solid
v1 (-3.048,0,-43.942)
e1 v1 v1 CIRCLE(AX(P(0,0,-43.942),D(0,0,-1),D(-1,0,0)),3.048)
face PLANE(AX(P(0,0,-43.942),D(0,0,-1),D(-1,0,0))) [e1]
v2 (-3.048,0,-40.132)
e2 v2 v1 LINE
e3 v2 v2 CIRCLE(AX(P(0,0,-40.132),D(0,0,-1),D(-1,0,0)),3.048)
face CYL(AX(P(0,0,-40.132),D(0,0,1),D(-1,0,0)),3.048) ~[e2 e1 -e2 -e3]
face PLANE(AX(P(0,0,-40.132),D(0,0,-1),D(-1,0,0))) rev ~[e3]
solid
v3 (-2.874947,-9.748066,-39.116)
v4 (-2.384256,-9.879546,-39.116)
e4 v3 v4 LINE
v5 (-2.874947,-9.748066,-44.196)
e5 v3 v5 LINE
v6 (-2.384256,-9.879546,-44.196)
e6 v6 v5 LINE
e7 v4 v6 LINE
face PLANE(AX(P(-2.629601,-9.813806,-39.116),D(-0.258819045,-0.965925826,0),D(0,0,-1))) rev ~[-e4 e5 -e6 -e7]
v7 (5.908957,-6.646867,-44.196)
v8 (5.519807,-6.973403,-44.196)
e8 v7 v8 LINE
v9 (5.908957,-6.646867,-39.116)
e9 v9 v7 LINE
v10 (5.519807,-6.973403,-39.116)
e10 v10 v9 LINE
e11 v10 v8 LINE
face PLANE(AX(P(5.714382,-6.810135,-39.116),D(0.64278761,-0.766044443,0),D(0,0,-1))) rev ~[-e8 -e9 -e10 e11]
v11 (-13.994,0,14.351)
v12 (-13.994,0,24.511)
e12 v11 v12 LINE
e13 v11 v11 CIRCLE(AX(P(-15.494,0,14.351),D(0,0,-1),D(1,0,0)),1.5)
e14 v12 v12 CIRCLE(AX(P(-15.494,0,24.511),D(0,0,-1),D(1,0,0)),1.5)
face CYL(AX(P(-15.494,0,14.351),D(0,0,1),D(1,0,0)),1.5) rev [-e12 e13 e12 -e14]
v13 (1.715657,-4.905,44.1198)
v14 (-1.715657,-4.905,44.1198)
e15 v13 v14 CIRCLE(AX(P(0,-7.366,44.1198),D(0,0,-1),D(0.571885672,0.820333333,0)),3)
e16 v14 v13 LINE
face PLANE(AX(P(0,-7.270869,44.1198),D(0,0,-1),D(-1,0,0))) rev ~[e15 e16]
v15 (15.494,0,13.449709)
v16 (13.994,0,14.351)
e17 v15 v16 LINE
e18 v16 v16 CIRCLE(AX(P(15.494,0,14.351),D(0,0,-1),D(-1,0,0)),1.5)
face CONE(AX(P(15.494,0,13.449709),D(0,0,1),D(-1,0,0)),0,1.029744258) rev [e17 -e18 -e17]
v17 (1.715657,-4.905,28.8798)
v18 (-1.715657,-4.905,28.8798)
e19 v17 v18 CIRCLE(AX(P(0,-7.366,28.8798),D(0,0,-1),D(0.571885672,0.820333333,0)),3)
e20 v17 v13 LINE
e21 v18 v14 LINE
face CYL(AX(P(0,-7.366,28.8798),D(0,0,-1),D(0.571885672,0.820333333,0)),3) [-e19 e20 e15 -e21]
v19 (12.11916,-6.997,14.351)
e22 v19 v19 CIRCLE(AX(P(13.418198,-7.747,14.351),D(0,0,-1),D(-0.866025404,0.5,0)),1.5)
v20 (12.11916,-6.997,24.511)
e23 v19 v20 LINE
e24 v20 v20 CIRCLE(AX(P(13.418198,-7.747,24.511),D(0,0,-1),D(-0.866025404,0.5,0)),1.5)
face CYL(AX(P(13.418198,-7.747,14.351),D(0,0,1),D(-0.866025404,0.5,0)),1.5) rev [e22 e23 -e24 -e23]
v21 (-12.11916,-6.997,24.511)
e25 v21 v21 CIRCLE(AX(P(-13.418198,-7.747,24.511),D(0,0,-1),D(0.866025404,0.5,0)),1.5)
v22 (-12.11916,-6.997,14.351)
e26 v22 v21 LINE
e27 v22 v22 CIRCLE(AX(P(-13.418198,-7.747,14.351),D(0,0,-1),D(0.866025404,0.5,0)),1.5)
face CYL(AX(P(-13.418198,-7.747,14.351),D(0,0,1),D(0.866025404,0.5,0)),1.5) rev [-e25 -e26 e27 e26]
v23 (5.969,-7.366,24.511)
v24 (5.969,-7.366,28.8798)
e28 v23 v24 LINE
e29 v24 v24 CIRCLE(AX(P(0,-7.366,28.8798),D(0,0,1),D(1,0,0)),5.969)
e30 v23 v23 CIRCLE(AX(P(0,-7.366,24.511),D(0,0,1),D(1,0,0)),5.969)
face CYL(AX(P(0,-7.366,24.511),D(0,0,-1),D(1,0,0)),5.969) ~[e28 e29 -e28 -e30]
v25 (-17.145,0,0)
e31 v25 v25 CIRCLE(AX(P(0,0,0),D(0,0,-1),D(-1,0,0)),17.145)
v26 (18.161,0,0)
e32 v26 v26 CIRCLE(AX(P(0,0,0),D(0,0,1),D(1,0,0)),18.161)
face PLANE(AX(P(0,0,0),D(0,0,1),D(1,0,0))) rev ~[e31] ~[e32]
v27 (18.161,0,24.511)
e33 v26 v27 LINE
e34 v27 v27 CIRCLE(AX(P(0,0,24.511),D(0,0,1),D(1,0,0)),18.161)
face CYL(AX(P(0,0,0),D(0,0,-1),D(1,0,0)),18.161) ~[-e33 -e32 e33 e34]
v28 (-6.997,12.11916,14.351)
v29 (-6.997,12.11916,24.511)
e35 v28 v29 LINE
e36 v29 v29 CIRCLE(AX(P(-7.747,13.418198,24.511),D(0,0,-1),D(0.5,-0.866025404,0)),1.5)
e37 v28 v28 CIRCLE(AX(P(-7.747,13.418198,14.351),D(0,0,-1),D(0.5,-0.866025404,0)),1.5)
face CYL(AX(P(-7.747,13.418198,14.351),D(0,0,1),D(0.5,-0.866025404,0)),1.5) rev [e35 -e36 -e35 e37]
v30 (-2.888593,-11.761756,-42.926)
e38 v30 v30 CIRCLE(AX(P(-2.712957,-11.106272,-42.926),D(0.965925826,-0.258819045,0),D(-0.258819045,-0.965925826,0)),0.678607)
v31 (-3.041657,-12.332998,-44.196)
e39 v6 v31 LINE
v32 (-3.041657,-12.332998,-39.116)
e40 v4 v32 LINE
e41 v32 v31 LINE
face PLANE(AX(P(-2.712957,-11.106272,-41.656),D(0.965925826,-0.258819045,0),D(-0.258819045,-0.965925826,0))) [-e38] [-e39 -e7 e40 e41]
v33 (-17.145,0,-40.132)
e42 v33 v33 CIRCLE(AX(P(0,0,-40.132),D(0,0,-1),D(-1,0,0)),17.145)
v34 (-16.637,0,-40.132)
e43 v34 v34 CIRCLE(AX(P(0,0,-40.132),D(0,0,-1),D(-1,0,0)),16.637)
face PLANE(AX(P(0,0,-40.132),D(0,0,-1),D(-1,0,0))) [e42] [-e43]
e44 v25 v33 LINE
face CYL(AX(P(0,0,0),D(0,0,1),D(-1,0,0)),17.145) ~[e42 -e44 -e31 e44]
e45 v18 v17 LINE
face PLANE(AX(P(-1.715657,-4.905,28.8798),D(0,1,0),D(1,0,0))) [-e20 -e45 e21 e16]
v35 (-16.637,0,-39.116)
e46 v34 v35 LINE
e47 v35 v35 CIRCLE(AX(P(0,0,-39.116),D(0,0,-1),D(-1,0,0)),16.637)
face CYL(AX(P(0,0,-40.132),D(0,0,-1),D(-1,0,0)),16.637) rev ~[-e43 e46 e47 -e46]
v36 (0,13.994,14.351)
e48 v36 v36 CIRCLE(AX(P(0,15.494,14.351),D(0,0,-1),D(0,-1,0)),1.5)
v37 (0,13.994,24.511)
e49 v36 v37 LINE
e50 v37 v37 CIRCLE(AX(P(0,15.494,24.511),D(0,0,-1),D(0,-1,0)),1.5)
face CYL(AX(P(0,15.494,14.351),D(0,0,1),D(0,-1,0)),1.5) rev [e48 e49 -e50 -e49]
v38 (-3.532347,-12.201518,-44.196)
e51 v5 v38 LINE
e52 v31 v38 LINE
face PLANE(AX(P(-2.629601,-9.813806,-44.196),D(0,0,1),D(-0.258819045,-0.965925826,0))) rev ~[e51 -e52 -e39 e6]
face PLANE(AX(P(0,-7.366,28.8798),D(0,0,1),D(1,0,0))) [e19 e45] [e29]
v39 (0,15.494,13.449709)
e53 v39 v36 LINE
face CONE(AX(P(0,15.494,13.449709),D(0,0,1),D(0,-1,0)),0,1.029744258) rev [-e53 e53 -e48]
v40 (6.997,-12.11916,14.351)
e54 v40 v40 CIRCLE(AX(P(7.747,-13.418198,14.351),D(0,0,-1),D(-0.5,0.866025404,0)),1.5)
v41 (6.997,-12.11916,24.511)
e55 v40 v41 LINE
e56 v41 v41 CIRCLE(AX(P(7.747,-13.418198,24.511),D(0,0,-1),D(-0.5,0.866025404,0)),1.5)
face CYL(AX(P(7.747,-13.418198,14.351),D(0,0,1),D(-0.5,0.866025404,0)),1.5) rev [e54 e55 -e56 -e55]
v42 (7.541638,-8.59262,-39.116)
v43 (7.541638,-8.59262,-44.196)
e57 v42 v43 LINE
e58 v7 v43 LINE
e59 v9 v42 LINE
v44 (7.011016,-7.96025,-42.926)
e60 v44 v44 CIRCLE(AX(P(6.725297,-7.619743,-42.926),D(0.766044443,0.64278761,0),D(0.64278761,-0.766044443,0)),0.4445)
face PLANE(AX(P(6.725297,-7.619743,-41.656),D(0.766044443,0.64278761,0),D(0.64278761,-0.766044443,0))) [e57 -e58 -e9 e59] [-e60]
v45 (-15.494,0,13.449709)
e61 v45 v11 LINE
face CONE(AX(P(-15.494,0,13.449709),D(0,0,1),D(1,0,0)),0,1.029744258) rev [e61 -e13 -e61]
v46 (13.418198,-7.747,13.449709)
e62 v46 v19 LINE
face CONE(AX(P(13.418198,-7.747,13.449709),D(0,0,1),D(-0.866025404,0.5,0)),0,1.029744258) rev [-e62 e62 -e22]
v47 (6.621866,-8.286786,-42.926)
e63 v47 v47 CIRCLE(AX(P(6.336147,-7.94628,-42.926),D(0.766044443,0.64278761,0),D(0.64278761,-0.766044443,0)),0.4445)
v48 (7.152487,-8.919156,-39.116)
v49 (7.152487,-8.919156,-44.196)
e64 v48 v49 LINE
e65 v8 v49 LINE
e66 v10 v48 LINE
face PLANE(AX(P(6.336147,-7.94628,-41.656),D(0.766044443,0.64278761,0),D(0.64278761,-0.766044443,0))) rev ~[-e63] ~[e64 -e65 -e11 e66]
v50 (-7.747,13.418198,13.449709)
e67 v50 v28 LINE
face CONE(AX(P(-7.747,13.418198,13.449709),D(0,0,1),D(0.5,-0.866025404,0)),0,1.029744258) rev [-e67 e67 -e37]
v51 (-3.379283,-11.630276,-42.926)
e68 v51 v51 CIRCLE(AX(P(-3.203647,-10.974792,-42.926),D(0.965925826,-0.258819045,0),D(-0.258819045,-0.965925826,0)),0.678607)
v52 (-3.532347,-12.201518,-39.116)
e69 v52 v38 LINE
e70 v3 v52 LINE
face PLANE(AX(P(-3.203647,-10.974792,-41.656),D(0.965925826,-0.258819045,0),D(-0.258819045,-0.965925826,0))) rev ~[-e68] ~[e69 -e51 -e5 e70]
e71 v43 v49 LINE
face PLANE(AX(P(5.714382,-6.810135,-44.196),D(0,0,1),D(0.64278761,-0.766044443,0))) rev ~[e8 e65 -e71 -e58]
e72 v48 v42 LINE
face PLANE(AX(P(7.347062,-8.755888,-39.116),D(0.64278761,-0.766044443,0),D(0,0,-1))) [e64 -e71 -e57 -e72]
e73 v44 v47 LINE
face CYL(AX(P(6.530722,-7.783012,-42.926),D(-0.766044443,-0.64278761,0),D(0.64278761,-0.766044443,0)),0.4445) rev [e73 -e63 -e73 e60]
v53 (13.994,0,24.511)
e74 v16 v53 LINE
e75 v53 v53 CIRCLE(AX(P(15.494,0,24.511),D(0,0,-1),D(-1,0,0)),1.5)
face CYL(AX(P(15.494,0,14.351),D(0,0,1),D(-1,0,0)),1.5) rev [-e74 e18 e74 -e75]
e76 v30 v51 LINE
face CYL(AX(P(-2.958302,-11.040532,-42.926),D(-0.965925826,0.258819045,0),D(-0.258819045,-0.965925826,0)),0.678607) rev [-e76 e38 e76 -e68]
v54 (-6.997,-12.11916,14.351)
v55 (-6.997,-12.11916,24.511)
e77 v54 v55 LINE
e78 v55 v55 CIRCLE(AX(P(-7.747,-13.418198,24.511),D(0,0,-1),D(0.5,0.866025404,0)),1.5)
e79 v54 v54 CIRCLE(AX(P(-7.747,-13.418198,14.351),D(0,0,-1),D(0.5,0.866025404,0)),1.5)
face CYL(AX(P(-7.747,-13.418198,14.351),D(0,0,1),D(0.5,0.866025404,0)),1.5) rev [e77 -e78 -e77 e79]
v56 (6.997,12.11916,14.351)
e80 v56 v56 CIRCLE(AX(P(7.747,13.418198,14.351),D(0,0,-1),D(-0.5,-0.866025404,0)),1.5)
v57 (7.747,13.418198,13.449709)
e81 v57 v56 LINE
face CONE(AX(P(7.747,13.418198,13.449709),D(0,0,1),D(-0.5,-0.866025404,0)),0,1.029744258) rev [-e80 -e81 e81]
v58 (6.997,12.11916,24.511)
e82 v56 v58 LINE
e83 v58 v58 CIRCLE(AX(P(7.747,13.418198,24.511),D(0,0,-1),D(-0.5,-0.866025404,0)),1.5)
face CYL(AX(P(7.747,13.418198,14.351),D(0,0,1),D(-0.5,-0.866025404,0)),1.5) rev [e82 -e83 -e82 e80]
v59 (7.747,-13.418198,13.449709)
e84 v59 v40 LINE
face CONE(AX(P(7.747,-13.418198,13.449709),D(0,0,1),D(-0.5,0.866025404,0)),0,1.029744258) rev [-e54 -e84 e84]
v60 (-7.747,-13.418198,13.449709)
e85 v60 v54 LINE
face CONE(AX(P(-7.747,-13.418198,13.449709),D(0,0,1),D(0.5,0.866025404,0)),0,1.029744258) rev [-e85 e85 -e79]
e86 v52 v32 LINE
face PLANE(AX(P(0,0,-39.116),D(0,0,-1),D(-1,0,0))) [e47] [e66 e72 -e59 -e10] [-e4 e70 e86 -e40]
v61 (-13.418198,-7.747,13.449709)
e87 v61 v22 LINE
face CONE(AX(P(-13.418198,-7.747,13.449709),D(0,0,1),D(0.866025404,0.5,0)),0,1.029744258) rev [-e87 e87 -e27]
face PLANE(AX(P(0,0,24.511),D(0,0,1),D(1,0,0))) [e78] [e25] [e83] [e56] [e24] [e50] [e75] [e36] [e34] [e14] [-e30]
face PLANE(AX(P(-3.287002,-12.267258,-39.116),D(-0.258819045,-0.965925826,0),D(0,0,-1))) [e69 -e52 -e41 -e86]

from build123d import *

# Parameters (mm, degrees)
SKETCH1_R           = 18.161
BOSS_EXTRUDE1_DEPTH = 24.511
SKETCH5_R           = 5.969
BOSS_EXTRUDE5_DEPTH = 4.3688
BOSS_EXTRUDE6_DEPTH = 15.24
CIRPATTERN2_COUNT   = 12
SKETCH2_R           = 17.145
BOSS_EXTRUDE2_DEPTH = 40.132
SKETCH3_R           = 3.048
BOSS_EXTRUDE3_DEPTH = 3.81
SKETCH13_R          = 16.637
CUT_EXTRUDE1_DEPTH  = 1.016
SKETCH15_W          = 2.54
SKETCH15_H          = 5.08
SKETCH15_R          = 0.4445
BOSS_EXTRUDE7_DEPTH = 0.254
SKETCH16_W          = 2.54
SKETCH16_H          = 5.08
SKETCH16_R          = 0.678606607
BOSS_EXTRUDE8_DEPTH = 0.254


with BuildPart() as part:
    # Sketch1 → Boss-Extrude1 (new body)
    with BuildSketch(Plane.XY):
        Circle(SKETCH1_R)
    extrude(amount=BOSS_EXTRUDE1_DEPTH)

    # Sketch5 → Boss-Extrude5 (add)
    with BuildSketch(Plane.XY.offset(24.511)):
        with Locations((0, -7.366)):
            Circle(SKETCH5_R)
    extrude(amount=BOSS_EXTRUDE5_DEPTH)

    # Sketch6 → Boss-Extrude6 (add)
    with BuildSketch(Plane.XY.offset(28.8798)):
        with BuildLine():
            Line((-1.715657017, -4.905), (1.715657017, -4.905))
            ThreePointArc((1.715657017, -4.905), (0, -10.366), (-1.715657017, -4.905))
        make_face()
    extrude(amount=BOSS_EXTRUDE6_DEPTH)

    # Sketch12 → Ø3.0mm Dowel Hole1 (revolve, cut)
    with BuildSketch(Plane(origin=(0, 15.494, 24.511), x_dir=(0, -1, 0), z_dir=(1, 0, 0))):
        Polygon((0, 0), (0, 11.061290929), (1.5, 10.16), (1.5, 0), align=None)
    f_3_0mm_dowel_hole1 = revolve(axis=Axis((0, 15.494, 30.861), (0, 0, -1)), mode=Mode.SUBTRACT)

    # CirPattern2: Ø3.0mm Dowel Hole1 ×12 about axis, 3 skipped
    cirpattern2_axis = Axis((0, 0, 0), (0, 0, -1))
    add([f_3_0mm_dowel_hole1.rotate(cirpattern2_axis, i * 360 / CIRPATTERN2_COUNT) for i in range(1, CIRPATTERN2_COUNT) if i not in (2, 6, 10)], mode=Mode.SUBTRACT)

    # Sketch2 → Boss-Extrude2 (add)
    with BuildSketch(Plane(origin=(0, 0, 0), x_dir=(-1, 0, 0), z_dir=(0, 0, -1))):
        Circle(SKETCH2_R)
    extrude(amount=BOSS_EXTRUDE2_DEPTH)

    # Sketch3 → Boss-Extrude3 (add)
    with BuildSketch(Plane(origin=(0, 0, -40.132), x_dir=(-1, 0, 0), z_dir=(0, 0, -1))):
        Circle(SKETCH3_R)
    extrude(amount=BOSS_EXTRUDE3_DEPTH)

    # Sketch13 → Cut-Extrude1 (cut)
    with BuildSketch(Plane(origin=(0, 0, -40.132), x_dir=(-1, 0, 0), z_dir=(0, 0, -1))):
        Circle(SKETCH13_R)
    extrude(amount=-CUT_EXTRUDE1_DEPTH, mode=Mode.SUBTRACT)

    # Sketch15 → Boss-Extrude7 (add, symmetric)
    with BuildSketch(Plane(origin=(0, 0, 0), x_dir=(0.64278761, -0.766044443, 0), z_dir=(0.766044443, 0.64278761, 0))):
        with Locations((10.16, 41.656)):
            Rectangle(SKETCH15_W, SKETCH15_H)
        with Locations((10.16, 42.926)):
            Circle(SKETCH15_R, mode=Mode.SUBTRACT)
    extrude(amount=BOSS_EXTRUDE7_DEPTH, both=True)

    # Sketch16 → Boss-Extrude8 (add, symmetric)
    with BuildSketch(Plane(origin=(0, 0, 0), x_dir=(-0.258819045, -0.965925826, 0), z_dir=(0.965925826, -0.258819045, 0))):
        with Locations((11.43, 41.656)):
            Rectangle(SKETCH16_W, SKETCH16_H)
        with Locations((11.43, 42.926)):
            Circle(SKETCH16_R, mode=Mode.SUBTRACT)
    extrude(amount=BOSS_EXTRUDE8_DEPTH, both=True)


solid = part.part
